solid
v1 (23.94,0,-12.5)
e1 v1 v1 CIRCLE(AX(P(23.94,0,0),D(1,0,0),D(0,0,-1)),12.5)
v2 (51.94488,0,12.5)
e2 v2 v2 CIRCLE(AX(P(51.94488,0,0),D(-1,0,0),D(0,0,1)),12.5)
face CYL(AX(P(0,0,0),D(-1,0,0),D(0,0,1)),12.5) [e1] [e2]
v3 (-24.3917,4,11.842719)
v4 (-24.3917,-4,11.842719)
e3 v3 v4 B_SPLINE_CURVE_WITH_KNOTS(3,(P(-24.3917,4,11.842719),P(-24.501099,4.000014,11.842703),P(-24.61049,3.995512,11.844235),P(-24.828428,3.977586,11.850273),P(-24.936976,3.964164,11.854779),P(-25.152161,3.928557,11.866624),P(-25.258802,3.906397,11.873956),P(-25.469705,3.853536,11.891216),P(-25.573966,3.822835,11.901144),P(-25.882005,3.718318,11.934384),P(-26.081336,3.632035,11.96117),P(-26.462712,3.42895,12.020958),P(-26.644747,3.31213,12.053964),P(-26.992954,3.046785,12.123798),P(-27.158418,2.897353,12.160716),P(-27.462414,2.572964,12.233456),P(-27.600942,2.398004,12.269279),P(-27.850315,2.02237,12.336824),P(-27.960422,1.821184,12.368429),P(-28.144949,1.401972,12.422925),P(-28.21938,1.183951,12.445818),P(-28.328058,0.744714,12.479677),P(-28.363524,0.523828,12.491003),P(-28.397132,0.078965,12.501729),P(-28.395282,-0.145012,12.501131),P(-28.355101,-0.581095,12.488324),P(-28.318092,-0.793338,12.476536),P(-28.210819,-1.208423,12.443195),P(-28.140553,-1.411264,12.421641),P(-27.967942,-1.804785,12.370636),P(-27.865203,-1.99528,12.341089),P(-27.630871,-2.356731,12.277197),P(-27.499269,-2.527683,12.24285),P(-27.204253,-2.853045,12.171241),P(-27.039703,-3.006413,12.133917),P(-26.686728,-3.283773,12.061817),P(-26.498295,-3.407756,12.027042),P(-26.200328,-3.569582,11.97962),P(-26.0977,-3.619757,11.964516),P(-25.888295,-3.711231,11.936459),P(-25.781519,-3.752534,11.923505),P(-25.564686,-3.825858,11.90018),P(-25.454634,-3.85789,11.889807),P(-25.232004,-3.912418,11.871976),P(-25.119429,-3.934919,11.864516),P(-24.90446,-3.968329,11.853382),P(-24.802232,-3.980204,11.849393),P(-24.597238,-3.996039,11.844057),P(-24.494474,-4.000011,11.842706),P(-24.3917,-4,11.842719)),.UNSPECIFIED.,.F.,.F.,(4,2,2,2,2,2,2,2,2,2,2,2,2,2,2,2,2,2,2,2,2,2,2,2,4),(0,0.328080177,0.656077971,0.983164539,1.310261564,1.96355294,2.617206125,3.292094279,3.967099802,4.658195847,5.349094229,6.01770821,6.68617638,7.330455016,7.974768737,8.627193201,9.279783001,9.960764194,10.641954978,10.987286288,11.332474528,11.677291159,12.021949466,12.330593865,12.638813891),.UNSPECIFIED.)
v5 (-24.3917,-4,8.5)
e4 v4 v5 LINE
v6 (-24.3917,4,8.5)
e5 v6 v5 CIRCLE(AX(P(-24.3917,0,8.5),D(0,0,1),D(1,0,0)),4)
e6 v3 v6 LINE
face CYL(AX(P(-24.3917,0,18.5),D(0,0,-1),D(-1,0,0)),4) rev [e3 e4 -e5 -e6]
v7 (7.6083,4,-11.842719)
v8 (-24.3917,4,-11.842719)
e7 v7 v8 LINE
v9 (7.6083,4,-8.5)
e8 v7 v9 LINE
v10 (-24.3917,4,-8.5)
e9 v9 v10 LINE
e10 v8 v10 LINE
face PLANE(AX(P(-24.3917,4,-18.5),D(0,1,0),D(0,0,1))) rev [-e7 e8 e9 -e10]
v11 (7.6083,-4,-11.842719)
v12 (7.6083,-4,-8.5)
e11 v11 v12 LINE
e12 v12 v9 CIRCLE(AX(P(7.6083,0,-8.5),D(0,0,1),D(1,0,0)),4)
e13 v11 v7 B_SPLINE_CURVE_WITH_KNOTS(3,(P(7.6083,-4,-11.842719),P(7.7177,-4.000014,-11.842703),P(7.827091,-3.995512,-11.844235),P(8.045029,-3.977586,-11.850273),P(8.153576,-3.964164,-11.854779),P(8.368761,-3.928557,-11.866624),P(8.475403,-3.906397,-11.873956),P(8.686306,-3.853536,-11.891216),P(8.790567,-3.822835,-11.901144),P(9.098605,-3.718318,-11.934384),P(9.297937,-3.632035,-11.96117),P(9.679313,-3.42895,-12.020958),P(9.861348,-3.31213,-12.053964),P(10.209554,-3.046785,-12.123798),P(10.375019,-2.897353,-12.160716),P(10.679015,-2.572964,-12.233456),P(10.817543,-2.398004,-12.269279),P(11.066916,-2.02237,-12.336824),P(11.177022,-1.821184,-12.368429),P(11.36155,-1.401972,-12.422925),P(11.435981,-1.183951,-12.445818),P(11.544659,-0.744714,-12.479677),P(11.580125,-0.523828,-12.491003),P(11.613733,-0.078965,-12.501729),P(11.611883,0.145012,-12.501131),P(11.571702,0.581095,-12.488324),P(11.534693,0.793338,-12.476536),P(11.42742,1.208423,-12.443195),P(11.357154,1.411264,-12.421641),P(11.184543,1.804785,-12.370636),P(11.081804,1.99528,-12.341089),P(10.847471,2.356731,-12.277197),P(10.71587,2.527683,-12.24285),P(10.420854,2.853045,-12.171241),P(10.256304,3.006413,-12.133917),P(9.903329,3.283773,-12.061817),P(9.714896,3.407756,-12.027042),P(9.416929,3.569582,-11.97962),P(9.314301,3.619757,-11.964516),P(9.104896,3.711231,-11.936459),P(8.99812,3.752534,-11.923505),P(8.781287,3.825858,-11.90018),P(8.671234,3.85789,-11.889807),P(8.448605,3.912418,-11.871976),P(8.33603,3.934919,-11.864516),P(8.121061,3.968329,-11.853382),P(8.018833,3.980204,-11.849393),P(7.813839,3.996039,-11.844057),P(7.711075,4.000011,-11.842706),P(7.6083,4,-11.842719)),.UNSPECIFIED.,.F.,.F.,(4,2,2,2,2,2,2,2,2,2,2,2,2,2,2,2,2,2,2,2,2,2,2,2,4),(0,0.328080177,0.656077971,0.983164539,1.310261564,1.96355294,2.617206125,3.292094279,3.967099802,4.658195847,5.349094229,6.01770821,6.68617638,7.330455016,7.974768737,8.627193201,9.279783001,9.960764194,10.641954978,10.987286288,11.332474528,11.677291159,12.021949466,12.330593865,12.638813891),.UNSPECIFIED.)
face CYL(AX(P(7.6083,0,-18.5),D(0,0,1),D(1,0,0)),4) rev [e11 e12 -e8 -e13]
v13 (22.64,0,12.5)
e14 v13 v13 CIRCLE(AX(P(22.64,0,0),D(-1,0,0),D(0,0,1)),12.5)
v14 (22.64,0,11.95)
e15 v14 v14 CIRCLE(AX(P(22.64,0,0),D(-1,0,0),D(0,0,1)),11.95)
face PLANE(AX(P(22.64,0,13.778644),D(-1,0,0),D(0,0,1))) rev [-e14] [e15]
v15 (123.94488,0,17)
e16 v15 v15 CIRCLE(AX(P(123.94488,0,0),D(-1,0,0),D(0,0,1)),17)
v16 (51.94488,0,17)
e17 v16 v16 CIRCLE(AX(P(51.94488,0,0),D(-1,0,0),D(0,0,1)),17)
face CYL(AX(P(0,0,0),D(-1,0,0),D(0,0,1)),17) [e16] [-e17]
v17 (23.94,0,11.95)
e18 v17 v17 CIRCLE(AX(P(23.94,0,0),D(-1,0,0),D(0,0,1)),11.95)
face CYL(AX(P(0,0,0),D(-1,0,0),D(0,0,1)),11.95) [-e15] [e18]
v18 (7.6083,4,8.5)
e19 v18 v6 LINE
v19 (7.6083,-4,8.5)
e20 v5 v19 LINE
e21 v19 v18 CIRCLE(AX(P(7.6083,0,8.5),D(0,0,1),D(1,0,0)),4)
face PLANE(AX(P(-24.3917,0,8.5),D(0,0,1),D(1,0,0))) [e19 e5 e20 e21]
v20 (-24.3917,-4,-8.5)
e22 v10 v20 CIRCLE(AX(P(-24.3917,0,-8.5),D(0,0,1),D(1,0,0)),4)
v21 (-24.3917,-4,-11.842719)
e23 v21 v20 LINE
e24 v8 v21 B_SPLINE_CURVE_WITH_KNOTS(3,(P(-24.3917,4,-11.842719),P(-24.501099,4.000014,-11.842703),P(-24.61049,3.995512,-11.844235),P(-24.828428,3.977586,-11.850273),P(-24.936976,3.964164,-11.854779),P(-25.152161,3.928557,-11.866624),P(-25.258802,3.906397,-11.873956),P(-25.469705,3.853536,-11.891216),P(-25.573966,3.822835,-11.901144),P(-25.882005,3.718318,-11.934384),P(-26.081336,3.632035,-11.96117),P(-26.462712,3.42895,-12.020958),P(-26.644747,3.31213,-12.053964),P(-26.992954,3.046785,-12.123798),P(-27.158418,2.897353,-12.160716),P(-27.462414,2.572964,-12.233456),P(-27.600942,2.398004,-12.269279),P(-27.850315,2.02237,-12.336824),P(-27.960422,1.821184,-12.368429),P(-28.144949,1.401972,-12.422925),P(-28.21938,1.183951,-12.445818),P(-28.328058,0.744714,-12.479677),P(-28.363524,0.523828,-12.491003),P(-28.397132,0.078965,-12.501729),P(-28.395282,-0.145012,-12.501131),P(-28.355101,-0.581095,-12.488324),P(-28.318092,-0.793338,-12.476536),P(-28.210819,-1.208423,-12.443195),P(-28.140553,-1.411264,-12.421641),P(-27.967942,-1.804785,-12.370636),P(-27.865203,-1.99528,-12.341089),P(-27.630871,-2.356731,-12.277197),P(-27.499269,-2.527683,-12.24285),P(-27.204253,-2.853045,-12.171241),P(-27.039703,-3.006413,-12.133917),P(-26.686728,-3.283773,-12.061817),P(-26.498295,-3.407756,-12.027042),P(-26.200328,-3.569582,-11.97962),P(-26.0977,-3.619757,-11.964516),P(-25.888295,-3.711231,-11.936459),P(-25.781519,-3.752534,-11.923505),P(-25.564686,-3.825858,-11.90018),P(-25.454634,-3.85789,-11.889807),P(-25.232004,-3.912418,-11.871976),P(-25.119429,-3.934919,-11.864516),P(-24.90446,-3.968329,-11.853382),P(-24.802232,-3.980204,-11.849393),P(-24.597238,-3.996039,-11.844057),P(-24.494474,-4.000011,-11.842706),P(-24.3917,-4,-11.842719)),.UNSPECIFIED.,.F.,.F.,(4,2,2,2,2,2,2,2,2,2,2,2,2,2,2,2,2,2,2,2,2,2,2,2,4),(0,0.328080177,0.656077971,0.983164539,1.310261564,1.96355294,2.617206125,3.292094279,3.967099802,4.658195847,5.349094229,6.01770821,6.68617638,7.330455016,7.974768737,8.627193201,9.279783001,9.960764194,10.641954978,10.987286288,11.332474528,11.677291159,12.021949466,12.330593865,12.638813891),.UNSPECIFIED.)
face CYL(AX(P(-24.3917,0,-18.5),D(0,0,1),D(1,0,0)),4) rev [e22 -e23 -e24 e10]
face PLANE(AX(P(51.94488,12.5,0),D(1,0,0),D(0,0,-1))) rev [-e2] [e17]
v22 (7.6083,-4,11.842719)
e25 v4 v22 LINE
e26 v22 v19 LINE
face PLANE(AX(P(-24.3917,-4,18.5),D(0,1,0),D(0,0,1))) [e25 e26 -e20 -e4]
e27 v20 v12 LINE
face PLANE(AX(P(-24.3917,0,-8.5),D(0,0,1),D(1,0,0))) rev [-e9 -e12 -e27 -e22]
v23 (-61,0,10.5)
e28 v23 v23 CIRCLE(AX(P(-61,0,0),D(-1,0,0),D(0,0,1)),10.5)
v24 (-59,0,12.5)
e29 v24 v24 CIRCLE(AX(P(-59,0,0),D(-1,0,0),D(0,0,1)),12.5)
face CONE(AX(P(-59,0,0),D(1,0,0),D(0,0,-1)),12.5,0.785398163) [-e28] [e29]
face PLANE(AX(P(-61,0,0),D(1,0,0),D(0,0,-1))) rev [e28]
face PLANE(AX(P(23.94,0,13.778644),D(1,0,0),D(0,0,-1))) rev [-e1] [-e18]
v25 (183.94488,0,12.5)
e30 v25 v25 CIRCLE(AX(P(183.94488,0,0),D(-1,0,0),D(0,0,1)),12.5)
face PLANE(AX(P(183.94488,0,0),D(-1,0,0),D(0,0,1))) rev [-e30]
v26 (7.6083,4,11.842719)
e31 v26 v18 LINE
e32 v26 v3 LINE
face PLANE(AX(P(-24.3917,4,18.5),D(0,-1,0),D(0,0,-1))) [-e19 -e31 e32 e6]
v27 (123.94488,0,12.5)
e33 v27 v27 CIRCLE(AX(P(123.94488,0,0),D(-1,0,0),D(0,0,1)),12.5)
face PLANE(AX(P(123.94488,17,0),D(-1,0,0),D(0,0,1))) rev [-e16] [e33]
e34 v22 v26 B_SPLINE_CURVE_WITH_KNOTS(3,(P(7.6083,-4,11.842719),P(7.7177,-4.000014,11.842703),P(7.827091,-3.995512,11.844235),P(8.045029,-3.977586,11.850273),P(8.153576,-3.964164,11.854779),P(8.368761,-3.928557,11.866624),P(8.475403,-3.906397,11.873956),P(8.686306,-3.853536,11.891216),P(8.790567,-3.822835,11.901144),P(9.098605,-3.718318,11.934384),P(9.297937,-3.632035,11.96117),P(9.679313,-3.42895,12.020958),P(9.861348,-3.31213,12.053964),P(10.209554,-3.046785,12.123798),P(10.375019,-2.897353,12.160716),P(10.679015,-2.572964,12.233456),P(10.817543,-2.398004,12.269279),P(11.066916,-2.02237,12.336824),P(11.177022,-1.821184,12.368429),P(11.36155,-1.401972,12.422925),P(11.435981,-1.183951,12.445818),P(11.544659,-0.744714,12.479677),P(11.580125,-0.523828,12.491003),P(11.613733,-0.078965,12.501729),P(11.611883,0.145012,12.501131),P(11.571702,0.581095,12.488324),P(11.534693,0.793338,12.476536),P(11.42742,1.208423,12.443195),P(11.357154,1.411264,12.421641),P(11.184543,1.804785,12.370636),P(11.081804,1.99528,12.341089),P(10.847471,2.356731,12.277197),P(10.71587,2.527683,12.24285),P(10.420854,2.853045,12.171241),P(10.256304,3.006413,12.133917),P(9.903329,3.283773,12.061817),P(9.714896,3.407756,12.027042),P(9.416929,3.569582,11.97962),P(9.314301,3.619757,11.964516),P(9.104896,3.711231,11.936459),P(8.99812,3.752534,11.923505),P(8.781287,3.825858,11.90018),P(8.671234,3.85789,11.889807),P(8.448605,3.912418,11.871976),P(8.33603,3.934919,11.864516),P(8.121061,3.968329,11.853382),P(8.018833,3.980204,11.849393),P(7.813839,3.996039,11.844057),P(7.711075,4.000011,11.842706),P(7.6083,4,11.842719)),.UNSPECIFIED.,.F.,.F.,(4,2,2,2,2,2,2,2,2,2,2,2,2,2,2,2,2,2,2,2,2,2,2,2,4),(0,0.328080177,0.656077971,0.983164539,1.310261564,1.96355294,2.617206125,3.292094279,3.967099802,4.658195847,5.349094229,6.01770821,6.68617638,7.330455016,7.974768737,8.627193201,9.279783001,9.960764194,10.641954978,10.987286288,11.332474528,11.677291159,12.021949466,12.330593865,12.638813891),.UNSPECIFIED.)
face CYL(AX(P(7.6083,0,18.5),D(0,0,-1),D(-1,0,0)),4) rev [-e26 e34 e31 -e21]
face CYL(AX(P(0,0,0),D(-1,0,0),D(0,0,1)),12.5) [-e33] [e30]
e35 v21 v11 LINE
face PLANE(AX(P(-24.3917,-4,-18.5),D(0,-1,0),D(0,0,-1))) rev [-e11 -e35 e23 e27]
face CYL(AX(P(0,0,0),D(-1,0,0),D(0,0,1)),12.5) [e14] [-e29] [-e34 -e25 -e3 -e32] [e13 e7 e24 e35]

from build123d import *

# Parameters (mm, degrees)
IZIM2_W               = 1.3
IZIM2_H               = 1.828643919
KES_EKSTR_ZYON1_START = 8.5
KES_EKSTR_ZYON1_DEPTH = 10
KES_EKSTR_ZYON2_START = -18.5
KES_EKSTR_ZYON2_DEPTH = 10


with BuildPart() as part:
    # Çizim1 → Döndür1 (revolve)
    with BuildSketch(Plane.XY):
        Polygon((0, 0), (-61, 0), (-61, 10.5), (-59, 12.5), (1.944879757, 12.5), (51.944879757, 12.5), (51.944879757, 17), (123.944879757, 17), (123.944879757, 12.5), (183.944879757, 12.5), (183.944879757, 0), (123.944879757, 0), align=None)
    revolve(axis=Axis((0, 0, 0), (1, 0, 0)))

    # Çizim2 → Kes-Döndür1 (revolve, cut)
    with BuildSketch(Plane(origin=(0, 0, 0), x_dir=(1, 0, 0), z_dir=(0, 1, 0))):
        with Locations((23.29, -12.864321959)):
            Rectangle(IZIM2_W, IZIM2_H)
    revolve(axis=Axis((0, 0, 0), (1, 0, 0)), mode=Mode.SUBTRACT)

    # Çizim3 → Kes-Ekstrüzyon1 (cut)
    with BuildSketch(Plane.XY.offset(KES_EKSTR_ZYON1_START)):
        with BuildLine():
            Line((-24.391699554, 4), (7.608300446, 4))
            ThreePointArc((7.608300446, 4), (11.608300446, 0), (7.608300446, -4))
            Line((7.608300446, -4), (-24.391699554, -4))
            ThreePointArc((-24.391699554, -4), (-28.391699554, 0), (-24.391699554, 4))
        make_face()
    extrude(amount=KES_EKSTR_ZYON1_DEPTH, mode=Mode.SUBTRACT)

    # Çizim3<2> → Kes-Ekstrüzyon2 (cut)
    with BuildSketch(Plane.XY.offset(KES_EKSTR_ZYON2_START)):
        with BuildLine():
            Line((-24.391699554, 4), (7.608300446, 4))
            ThreePointArc((7.608300446, 4), (11.608300446, 0), (7.608300446, -4))
            Line((7.608300446, -4), (-24.391699554, -4))
            ThreePointArc((-24.391699554, -4), (-28.391699554, 0), (-24.391699554, 4))
        make_face()
    extrude(amount=KES_EKSTR_ZYON2_DEPTH, mode=Mode.SUBTRACT)


solid = part.part
